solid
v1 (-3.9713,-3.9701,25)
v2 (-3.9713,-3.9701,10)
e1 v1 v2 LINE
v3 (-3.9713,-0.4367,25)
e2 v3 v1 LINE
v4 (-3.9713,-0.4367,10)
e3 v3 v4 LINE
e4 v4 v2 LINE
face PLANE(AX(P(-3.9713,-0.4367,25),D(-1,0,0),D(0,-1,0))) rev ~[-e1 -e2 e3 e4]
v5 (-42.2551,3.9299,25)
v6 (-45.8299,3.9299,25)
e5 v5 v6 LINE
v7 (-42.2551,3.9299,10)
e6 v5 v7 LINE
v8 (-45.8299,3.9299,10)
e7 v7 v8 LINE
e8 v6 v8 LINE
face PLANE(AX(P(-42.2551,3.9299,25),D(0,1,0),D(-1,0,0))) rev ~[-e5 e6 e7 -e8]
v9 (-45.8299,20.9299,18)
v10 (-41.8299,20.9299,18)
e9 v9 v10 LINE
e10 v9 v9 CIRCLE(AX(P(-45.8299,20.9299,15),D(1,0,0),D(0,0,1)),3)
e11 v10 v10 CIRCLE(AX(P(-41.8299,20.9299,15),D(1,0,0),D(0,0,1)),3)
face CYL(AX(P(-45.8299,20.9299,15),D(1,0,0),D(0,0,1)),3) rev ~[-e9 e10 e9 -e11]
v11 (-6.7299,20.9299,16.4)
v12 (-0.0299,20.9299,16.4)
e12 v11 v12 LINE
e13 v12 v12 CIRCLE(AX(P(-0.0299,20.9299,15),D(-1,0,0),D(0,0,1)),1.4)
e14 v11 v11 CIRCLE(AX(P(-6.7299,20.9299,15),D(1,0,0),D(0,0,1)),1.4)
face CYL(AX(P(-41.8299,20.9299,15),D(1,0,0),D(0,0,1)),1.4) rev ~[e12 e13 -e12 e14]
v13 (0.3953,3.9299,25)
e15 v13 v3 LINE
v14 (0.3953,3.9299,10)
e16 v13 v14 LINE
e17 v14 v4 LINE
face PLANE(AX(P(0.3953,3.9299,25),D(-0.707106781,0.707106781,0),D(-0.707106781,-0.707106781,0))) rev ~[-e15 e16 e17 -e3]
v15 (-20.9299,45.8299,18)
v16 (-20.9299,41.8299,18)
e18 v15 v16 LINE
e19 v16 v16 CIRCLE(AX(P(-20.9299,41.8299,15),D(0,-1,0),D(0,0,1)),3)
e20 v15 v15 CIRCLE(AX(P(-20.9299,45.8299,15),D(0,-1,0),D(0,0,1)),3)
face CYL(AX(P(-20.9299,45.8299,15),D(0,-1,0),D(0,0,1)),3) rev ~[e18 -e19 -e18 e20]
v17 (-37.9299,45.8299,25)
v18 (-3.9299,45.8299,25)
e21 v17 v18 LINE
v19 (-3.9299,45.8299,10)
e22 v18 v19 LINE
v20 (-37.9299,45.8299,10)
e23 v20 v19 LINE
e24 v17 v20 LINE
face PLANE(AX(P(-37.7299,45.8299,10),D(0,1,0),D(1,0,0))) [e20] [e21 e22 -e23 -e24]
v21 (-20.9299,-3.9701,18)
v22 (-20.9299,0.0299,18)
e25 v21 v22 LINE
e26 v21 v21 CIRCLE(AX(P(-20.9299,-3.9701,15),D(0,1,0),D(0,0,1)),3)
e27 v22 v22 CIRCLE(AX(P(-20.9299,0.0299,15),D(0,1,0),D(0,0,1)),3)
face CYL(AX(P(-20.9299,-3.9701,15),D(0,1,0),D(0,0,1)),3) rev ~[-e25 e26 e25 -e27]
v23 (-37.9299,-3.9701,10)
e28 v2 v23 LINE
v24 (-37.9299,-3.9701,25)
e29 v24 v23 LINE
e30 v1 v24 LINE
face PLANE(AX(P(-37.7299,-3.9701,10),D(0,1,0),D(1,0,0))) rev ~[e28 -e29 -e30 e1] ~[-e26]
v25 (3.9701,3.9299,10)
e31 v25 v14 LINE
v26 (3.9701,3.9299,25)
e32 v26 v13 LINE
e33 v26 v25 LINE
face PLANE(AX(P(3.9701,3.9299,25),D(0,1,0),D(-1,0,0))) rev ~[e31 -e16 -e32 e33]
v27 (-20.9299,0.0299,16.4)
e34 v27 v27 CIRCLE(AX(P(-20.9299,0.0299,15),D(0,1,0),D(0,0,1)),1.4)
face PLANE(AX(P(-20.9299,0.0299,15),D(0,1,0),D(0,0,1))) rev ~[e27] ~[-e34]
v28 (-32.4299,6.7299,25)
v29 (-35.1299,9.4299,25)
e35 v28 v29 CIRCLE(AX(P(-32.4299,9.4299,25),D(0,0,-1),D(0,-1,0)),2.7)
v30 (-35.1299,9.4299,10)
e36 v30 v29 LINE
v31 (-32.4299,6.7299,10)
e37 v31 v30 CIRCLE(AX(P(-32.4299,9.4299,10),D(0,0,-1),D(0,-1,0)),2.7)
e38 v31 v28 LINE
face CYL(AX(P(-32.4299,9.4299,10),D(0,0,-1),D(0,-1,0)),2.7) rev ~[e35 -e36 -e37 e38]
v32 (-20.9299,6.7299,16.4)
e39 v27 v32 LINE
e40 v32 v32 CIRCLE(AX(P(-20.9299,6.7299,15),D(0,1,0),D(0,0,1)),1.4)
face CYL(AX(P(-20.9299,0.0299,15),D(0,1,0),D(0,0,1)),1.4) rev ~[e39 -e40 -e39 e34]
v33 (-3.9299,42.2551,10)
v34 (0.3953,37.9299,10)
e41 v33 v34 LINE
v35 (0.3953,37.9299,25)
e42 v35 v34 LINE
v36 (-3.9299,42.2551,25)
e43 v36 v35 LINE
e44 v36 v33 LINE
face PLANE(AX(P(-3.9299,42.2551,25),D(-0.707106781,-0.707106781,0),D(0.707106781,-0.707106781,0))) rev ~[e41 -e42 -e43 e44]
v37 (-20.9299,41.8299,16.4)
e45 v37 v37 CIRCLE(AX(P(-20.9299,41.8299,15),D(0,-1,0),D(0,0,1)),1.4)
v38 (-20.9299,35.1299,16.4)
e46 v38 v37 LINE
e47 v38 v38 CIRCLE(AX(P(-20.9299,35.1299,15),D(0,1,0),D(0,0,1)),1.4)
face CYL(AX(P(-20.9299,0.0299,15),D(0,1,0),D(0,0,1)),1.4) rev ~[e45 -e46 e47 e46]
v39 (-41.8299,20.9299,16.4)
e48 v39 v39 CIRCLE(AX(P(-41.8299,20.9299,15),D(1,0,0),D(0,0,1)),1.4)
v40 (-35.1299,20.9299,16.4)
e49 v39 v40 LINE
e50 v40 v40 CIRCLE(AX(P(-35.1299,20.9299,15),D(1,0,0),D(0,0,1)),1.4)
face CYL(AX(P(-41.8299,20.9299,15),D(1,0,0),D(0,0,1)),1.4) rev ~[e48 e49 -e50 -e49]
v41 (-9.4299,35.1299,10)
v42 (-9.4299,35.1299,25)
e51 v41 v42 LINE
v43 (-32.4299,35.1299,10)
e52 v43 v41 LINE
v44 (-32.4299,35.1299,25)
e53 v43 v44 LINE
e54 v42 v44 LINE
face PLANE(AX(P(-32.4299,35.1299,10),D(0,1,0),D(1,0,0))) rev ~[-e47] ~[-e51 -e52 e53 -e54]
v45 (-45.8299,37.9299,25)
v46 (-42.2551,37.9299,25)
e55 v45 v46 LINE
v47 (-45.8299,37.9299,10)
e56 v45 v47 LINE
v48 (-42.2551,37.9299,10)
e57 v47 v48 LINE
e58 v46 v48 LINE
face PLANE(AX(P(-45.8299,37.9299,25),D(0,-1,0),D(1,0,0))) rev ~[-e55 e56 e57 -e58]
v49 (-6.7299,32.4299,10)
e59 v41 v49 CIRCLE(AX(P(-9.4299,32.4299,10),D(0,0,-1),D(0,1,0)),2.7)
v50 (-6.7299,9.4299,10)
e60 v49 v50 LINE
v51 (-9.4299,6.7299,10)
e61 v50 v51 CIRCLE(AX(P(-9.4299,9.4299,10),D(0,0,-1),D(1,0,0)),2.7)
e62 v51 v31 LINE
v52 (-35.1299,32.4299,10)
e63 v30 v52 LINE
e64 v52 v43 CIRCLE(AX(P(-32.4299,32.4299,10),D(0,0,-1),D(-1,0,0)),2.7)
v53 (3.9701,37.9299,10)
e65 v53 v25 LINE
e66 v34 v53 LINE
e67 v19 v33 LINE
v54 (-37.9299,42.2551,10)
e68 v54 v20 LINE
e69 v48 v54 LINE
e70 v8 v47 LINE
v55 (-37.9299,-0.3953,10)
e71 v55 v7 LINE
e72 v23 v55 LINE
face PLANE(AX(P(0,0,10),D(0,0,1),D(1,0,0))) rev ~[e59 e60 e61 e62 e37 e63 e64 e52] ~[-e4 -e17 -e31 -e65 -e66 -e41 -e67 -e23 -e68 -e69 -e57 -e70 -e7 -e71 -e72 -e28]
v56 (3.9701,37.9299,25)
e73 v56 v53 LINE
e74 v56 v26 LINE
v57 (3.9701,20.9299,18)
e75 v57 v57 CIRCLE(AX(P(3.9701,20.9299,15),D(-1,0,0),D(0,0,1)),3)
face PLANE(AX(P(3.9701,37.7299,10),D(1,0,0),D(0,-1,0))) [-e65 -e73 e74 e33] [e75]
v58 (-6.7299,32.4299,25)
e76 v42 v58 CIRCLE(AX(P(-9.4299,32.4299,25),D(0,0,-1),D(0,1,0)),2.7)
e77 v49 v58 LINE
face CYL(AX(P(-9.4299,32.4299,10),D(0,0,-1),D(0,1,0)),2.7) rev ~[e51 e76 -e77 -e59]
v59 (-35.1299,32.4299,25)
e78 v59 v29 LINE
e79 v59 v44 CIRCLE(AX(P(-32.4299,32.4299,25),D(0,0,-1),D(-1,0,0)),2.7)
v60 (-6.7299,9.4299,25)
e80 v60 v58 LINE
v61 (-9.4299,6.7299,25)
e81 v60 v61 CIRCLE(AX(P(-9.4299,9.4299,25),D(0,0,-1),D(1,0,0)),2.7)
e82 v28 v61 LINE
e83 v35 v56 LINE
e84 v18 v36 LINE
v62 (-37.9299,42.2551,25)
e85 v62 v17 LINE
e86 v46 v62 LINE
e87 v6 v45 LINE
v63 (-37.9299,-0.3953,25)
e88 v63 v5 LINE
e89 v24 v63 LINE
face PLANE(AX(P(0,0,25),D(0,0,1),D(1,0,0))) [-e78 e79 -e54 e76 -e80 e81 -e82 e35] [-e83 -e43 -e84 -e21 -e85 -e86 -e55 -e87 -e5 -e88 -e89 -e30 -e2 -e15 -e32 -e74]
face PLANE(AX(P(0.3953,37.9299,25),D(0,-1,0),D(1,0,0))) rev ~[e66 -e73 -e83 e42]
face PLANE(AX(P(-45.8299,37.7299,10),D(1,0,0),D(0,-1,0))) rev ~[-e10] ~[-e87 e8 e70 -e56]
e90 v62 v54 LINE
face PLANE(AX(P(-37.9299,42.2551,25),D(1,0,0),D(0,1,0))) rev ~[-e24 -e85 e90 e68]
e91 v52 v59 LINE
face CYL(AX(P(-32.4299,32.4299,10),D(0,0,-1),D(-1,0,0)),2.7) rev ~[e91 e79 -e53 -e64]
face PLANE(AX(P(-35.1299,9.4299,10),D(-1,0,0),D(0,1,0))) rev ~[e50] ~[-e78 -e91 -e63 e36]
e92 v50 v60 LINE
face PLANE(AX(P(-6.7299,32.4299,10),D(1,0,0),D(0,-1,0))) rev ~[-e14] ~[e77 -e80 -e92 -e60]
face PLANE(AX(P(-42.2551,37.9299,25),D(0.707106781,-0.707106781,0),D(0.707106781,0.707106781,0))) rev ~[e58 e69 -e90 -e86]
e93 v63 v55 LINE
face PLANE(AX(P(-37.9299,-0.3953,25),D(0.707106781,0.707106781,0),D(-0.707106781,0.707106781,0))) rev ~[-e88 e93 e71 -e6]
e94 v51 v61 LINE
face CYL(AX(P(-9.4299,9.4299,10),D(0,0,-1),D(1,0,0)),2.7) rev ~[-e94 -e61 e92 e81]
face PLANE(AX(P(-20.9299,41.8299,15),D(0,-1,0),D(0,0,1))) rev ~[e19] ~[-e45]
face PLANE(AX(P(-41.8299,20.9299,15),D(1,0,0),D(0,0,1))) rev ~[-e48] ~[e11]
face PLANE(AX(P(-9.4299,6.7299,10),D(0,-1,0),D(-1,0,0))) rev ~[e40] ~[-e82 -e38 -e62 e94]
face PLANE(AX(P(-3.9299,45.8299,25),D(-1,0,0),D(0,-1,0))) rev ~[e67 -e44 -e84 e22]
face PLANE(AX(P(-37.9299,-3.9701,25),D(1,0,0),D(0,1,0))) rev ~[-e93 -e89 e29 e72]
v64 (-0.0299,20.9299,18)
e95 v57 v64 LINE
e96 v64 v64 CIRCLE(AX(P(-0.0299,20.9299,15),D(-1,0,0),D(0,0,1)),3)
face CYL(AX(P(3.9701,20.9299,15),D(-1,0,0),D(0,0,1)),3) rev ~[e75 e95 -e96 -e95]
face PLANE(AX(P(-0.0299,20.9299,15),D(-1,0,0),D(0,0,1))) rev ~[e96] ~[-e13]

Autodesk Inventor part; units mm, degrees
ref_plane "YZ Plane" through (0, 0, 0) normal (1, 0, 0) x (0, 1, 0)
ref_plane "XZ Plane" through (0, 0, 0) normal (0, 1, 0) x (-1, 0, 0)
ref_plane "XY Plane" through (0, 0, 0) normal (0, 0, 1) x (1, 0, 0)
ref_plane "Work Plane5" through (0, 0, 10) normal (0, 0, 1) x (1, 0, 0)
sketch "Sketch1" plane through (0, 0, 10) normal (0, 0, 1) x (1, 0, 0)
  line L0 (-4.0299, -0.3538) -> (-2.2322, 1.4439) construction
  arc A0 (-1.4439, 2.2322) -> (-2.2322, 1.4439) centre (-0.9299, 0.9299) ccw construction
  line L1 (-1.4439, 2.2322) -> (0.3538, 4.0299) construction
  line L2 (-37.8299, 42.8299) -> (-37.8299, 37.8299) construction
  line L3 (-37.8299, 37.8299) -> (-42.9208, 37.8299) construction
  line L4 (-37.8299, 42.2137) -> (-37.8299, 45.8299) construction
  line L5 (-37.8299, 45.8299) -> (-4.0299, 45.8299) construction
  line L6 (-4.0299, 45.8299) -> (-4.0299, 42.2137) construction
  line L7 (-4.0299, 4.0299) -> (0.3538, 4.0299) projected
  circle A1 centre (-20.9299, 20.9299) radius 17.5 projected
  line L8 (-20.9299, 58.9723) -> (17.1124, 20.9299) construction
  line L9 (17.1124, 20.9299) -> (-20.9299, -17.1124) construction
  line L10 (-20.9299, -17.1124) -> (-58.9723, 20.9299) construction
  line L11 (-58.9723, 20.9299) -> (-20.9299, 58.9723) construction
  line L12 (-20.9299, 58.9723) -> (-20.9299, -17.1124) construction
  line L13 (17.1124, 20.9299) -> (-58.9723, 20.9299) construction
  line L14 (-20.9299, 58.9723) -> (32.8701, 58.9723) construction
  line L15 (-43.4299, 43.4299) -> (1.5701, 43.4299) construction
  line L16 (1.5701, 43.4299) -> (1.5701, -1.5701) construction
  line L17 (1.5701, -1.5701) -> (-43.4299, -1.5701) construction
  line L18 (-43.4299, -1.5701) -> (-43.4299, 43.4299) construction
  line L19 (-43.4299, 43.4299) -> (1.5701, -1.5701) construction
  line L20 (1.5701, 43.4299) -> (-43.4299, -1.5701) construction
  line L21 (-43.4299, 5.3876) -> (-43.4299, 36.4723)
  line L22 (-43.4299, 36.4723) -> (-36.4723, 43.4299)
  line L23 (-36.4723, 43.4299) -> (-5.3876, 43.4299)
  line L24 (-5.3876, 43.4299) -> (1.5701, 36.4723)
  line L25 (1.5701, 36.4723) -> (1.5701, 5.3876)
  line L26 (1.5701, 5.3876) -> (-5.3876, -1.5701)
  line L27 (-5.3876, -1.5701) -> (-36.4723, -1.5701)
  line L28 (-36.4723, -1.5701) -> (-43.4299, 5.3876)
  line L29 (-4.0299, 42.2137) -> (-37.8299, 42.2137) projected
  line L30 (-4.0299, -0.3538) -> (-4.0299, 4.0299) projected
  circle A2 centre (-20.9299, 20.9299) radius 1.5
  line L31 (-10.9299, 10.9299) -> (-30.9299, 10.9299) construction
  line L32 (-30.9299, 10.9299) -> (-30.9299, 30.9299) construction
  line L33 (-30.9299, 30.9299) -> (-10.9299, 30.9299) construction
  line L34 (-10.9299, 30.9299) -> (-10.9299, 10.9299) construction
  line L35 (-10.9299, 10.9299) -> (-30.9299, 30.9299) construction
  line L36 (-30.9299, 10.9299) -> (-10.9299, 30.9299) construction
  circle A3 centre (-30.9299, 30.9299) radius 1.4
  circle A4 centre (-30.9299, 10.9299) radius 1.4
  circle A5 centre (-10.9299, 10.9299) radius 1.4
  line L37 (-45.8299, 37.8299) -> (-42.0723, 37.8299) construction
  line L38 (-42.1723, 37.7299) -> (-45.8299, 37.7299)
  line L39 (-45.8299, 37.7299) -> (-45.8299, 4.1299)
  line L40 (-45.8299, 4.1299) -> (-42.1723, 4.1299)
  line L41 (-42.1723, 4.1299) -> (-42.1723, 37.7299)
  line L42 (-45.8299, 4.0299) -> (-42.0723, 4.0299) construction
  line L43 (-45.8299, 37.8299) -> (-42.0723, 37.8299) projected
  line L44 (-37.7299, 45.8299) -> (-4.1299, 45.8299)
  line L45 (-4.1299, 45.8299) -> (-4.1299, 42.1723)
  line L46 (-4.1299, 42.1723) -> (-37.7299, 42.1723)
  line L47 (-37.7299, 42.1723) -> (-37.7299, 45.8299)
  line L48 (0.4701, 37.8299) -> (0.4701, 4.0299) construction
  line L49 (0.4701, 4.0299) -> (3.9701, 4.0299) construction
  line L50 (3.9701, 37.8299) -> (3.9701, 4.0299) construction
  line L51 (0.4701, 37.8299) -> (3.9701, 37.8299) construction
  line L52 (-45.8299, -3.9701) -> (-4.0299, -3.9701) construction
  line L53 (0.3124, 37.7299) -> (3.9701, 37.7299)
  line L54 (3.9701, 37.7299) -> (3.9701, 4.1299)
  line L55 (3.9701, 4.1299) -> (0.3124, 4.1299)
  line L56 (0.3124, 4.1299) -> (0.3124, 37.7299)
  line L57 (-4.1713, -0.3538) -> (-37.7299, -0.3538)
  line L58 (-37.7299, -0.3538) -> (-37.7299, -3.9701)
  line L59 (-37.7299, -3.9701) -> (-4.1713, -3.9701)
  line L60 (-4.1713, -3.9701) -> (-4.1713, -0.3538)
  point P0 (-37.8299, 4.0299)
  dimension "d18" = 53.8
  dimension "d19" = 45
  dimension "d20" = 53.8
  dimension "d21" = 45
  dimension "d22" = 45
  dimension "d30" = 20
  dimension "d31" = 20
  dimension "d32" = 2.8
  dimension "d33" = 2.8
  dimension "d34" = 2.8
  dimension "d35" = 3
  dimension "d36" = 0.1
  dimension "d37" = 0.1
  dimension "d38" = 0.1
  dimension "d39" = 0.1
extrude "Extrusion1" add sketch "Sketch1" along normal blind 15 contours L30 L26 L57 L28 L41 L22 L46 L24 L56 L7 | L7 L26 L30 | L56 L24 L25 L26 | L26 L25 L24 L53 L54 L55 | L60 L59 L58 L57 L28 L27 L26 | L26 L27 L28 L57 | L46 L22 L29 L24 | L24 L29 L45 | L40 L39 L38 L22 L21 L28 | L28 L21 L22 L41 | L29 L22 L23 L24 | L24 L23 L22 L29 L47 L44 L45 | L47 L29 L22 | A1 | A2 | A3 | A4 | A5
sketch "Skizze4" plane through (0, 0, 25) normal (0, 0, 1) x (1, 0, 0)
  line L0 (-37.7299, 42.1723) -> (-42.1723, 37.7299) projected
  line L1 (-42.1723, 37.7299) -> (-45.8299, 37.7299) projected
  line L2 (-45.8299, 37.7299) -> (-45.8299, 4.1299) construction
  line L3 (-45.8299, 4.1299) -> (-42.1723, 4.1299) projected
  line L4 (-42.1723, 4.1299) -> (-37.6885, -0.3538) projected
  line L5 (-37.6885, -0.3538) -> (-37.7299, -0.3538) projected
  line L6 (-37.7299, -0.3538) -> (-37.7299, -3.9701) projected
  line L7 (-37.7299, -3.9701) -> (-4.1713, -3.9701) construction
  line L8 (-4.1713, -3.9701) -> (-4.1713, -0.3538) projected
  line L9 (-4.1713, -0.3538) -> (0.3124, 4.1299) projected
  line L10 (0.3124, 4.1299) -> (3.9701, 4.1299) projected
  line L11 (3.9701, 4.1299) -> (3.9701, 37.7299) construction
  line L12 (3.9701, 37.7299) -> (0.3124, 37.7299) projected
  line L13 (0.3124, 37.7299) -> (-4.1299, 42.1723) projected
  line L14 (-4.1299, 42.1723) -> (-4.1299, 45.8299) projected
  line L15 (-4.1299, 45.8299) -> (-37.7299, 45.8299) construction
  line L16 (-37.7299, 45.8299) -> (-37.7299, 42.1723) projected
  line L17 (-37.9299, 46.0299) -> (-3.9299, 46.0299) construction
  line L18 (-3.9299, 46.0299) -> (-3.9299, 42.2551)
  line L19 (-3.9299, 42.2551) -> (0.3953, 37.9299)
  line L20 (0.3953, 37.9299) -> (4.1701, 37.9299)
  line L21 (4.1701, 37.9299) -> (4.1701, 3.9299) construction
  line L22 (4.1701, 3.9299) -> (0.3953, 3.9299)
  line L23 (0.3953, 3.9299) -> (-3.9713, -0.4367)
  line L24 (-3.9713, -0.4367) -> (-3.9713, -4.1701)
  line L25 (-3.9713, -4.1701) -> (-37.9299, -4.1701) construction
  line L26 (-37.9299, -4.1701) -> (-37.9299, -0.3953)
  line L27 (-37.9299, -0.3953) -> (-42.2551, 3.9299)
  line L28 (-42.2551, 3.9299) -> (-46.0299, 3.9299)
  line L29 (-46.0299, 3.9299) -> (-46.0299, 37.9299) construction
  line L30 (-46.0299, 37.9299) -> (-42.2551, 37.9299)
  line L31 (-42.2551, 37.9299) -> (-37.9299, 42.2551)
  line L32 (-37.9299, 42.2551) -> (-37.9299, 46.0299)
  line L33 (-45.8299, 37.7299) -> (-45.8299, 37.9299)
  line L34 (-4.1299, 45.8299) -> (-37.7299, 45.8299) projected
  line L35 (-37.7299, 45.8299) -> (-37.9299, 45.8299)
  line L36 (-4.1299, 45.8299) -> (-3.9299, 45.8299)
  line L37 (3.9701, 37.7299) -> (3.9701, 37.9299)
  line L38 (3.9701, 4.1299) -> (3.9701, 37.7299) projected
  line L39 (3.9701, 4.1299) -> (3.9701, 3.9299)
  line L40 (-4.1713, -3.9701) -> (-3.9713, -3.9701)
  line L41 (-37.7299, -3.9701) -> (-37.9299, -3.9701)
  line L42 (-45.8299, 4.1299) -> (-45.8299, 3.9299)
  point P0 (0, 0)
  dimension "d40" = 0.2
extrude "IM_offset" add sketch "Skizze4" against normal up to surface (15 mm away)
sketch "Sketch29" plane through (0, 0, 10) normal (0, 0, -1) x (-1, 0, 0)
  line L0 (9.4299, 6.9299) -> (32.4299, 6.9299) projected
  arc A0 (6.9299, 9.4299) -> (9.4299, 6.9299) centre (9.4299, 9.4299) ccw projected
  line L1 (6.9299, 32.4299) -> (6.9299, 9.4299) projected
  arc A1 (9.4299, 34.9299) -> (6.9299, 32.4299) centre (9.4299, 32.4299) ccw projected
  line L2 (32.4299, 34.9299) -> (9.4299, 34.9299) projected
  arc A2 (34.9299, 32.4299) -> (32.4299, 34.9299) centre (32.4299, 32.4299) ccw projected
  line L3 (34.9299, 9.4299) -> (34.9299, 32.4299) projected
  arc A3 (32.4299, 6.9299) -> (34.9299, 9.4299) centre (32.4299, 9.4299) ccw projected
  circle A4 centre (20.9299, 20.9299) radius 11 projected
  circle A5 centre (9.4299, 32.4299) radius 1.025 projected
  circle A6 centre (9.4299, 9.4299) radius 1.025 projected
  circle A7 centre (32.4299, 9.4299) radius 1.025 projected
  circle A8 centre (32.4299, 32.4299) radius 1.025 projected
  arc A9 (6.7299, 9.4299) -> (9.4299, 6.7299) centre (9.4299, 9.4299) ccw
  line L4 (9.4299, 6.7299) -> (32.4299, 6.7299)
  arc A10 (32.4299, 6.7299) -> (35.1299, 9.4299) centre (32.4299, 9.4299) ccw
  line L5 (35.1299, 9.4299) -> (35.1299, 32.4299)
  arc A11 (35.1299, 32.4299) -> (32.4299, 35.1299) centre (32.4299, 32.4299) ccw
  line L6 (32.4299, 35.1299) -> (9.4299, 35.1299)
  arc A12 (9.4299, 35.1299) -> (6.7299, 32.4299) centre (9.4299, 32.4299) ccw
  line L7 (6.7299, 32.4299) -> (6.7299, 9.4299)
  point P0 (0, 0)
  dimension "d176" = 0.2
extrude "Extrusion23" cut sketch "Sketch29" against normal through all contours A0 L1 A1 L2 A2 L3 A3 L0 | A4 | A5 | A6 | A7 | A8 | L7 A12 L6 A11 L5 A10 L4 A9
sketch "Sketch30" plane through (-45.8299, 0, 10) normal (-1, 0, 0) x (0, 0, 1)
  line L0 (35.0799, 45.8299) -> (6.8799, 45.8299)
  line L1 (0, 3.9299) -> (0, 37.9299) projected
  line L2 (15, 3.9299) -> (0, 3.9299) projected
  line L3 (15, 37.9299) -> (15, 3.9299) projected
  line L4 (15, 37.9299) -> (0, 37.9299) projected
  circle A0 centre (5, 20.9299) radius 1.7201
  point P0 (-10, 0)
ref_plane "Arbeitsebene7" through (-20.9299, 3.9299, 10) normal (-1, 0, 0) x (0, 0, 1)
ref_plane "Arbeitsebene8" through (-37.9299, 20.9299, 10) normal (0, 1, 0) x (1, 0, 0)
ref_plane "Arbeitsebene9" through (-20.9299, 3.9299, 10) normal (-1, 0, 0) x (0, 0, 1)
ref_plane "Arbeitsebene10" through (-37.9299, 20.9299, 10) normal (0, -1, 0) x (1, 0, 0)
hole "Bohrung2" at (-45.8299, 20.9299, 15) direction (1, 0, 0) diameter 2.8 end through all counterbore diameter 6 counterbore depth 4
pattern_circular "Runde Anordnung2" count 4 over 360 about axis through (-20.9299, 20.9299, 10) along (0, 0, 1) of "Bohrung2"
ref_plane "Arbeitsebene11" through (-20.9299, 3.9299, 10) normal (1, 0, 0) x (0, 0, -1)
ref_plane "Arbeitsebene12" through (-37.9299, 20.9299, 10) normal (0, 1, 0) x (1, 0, 0)
properties part number "30_Cube_Z_Focus_MGN_NEMA_Motorsupport_centered"
